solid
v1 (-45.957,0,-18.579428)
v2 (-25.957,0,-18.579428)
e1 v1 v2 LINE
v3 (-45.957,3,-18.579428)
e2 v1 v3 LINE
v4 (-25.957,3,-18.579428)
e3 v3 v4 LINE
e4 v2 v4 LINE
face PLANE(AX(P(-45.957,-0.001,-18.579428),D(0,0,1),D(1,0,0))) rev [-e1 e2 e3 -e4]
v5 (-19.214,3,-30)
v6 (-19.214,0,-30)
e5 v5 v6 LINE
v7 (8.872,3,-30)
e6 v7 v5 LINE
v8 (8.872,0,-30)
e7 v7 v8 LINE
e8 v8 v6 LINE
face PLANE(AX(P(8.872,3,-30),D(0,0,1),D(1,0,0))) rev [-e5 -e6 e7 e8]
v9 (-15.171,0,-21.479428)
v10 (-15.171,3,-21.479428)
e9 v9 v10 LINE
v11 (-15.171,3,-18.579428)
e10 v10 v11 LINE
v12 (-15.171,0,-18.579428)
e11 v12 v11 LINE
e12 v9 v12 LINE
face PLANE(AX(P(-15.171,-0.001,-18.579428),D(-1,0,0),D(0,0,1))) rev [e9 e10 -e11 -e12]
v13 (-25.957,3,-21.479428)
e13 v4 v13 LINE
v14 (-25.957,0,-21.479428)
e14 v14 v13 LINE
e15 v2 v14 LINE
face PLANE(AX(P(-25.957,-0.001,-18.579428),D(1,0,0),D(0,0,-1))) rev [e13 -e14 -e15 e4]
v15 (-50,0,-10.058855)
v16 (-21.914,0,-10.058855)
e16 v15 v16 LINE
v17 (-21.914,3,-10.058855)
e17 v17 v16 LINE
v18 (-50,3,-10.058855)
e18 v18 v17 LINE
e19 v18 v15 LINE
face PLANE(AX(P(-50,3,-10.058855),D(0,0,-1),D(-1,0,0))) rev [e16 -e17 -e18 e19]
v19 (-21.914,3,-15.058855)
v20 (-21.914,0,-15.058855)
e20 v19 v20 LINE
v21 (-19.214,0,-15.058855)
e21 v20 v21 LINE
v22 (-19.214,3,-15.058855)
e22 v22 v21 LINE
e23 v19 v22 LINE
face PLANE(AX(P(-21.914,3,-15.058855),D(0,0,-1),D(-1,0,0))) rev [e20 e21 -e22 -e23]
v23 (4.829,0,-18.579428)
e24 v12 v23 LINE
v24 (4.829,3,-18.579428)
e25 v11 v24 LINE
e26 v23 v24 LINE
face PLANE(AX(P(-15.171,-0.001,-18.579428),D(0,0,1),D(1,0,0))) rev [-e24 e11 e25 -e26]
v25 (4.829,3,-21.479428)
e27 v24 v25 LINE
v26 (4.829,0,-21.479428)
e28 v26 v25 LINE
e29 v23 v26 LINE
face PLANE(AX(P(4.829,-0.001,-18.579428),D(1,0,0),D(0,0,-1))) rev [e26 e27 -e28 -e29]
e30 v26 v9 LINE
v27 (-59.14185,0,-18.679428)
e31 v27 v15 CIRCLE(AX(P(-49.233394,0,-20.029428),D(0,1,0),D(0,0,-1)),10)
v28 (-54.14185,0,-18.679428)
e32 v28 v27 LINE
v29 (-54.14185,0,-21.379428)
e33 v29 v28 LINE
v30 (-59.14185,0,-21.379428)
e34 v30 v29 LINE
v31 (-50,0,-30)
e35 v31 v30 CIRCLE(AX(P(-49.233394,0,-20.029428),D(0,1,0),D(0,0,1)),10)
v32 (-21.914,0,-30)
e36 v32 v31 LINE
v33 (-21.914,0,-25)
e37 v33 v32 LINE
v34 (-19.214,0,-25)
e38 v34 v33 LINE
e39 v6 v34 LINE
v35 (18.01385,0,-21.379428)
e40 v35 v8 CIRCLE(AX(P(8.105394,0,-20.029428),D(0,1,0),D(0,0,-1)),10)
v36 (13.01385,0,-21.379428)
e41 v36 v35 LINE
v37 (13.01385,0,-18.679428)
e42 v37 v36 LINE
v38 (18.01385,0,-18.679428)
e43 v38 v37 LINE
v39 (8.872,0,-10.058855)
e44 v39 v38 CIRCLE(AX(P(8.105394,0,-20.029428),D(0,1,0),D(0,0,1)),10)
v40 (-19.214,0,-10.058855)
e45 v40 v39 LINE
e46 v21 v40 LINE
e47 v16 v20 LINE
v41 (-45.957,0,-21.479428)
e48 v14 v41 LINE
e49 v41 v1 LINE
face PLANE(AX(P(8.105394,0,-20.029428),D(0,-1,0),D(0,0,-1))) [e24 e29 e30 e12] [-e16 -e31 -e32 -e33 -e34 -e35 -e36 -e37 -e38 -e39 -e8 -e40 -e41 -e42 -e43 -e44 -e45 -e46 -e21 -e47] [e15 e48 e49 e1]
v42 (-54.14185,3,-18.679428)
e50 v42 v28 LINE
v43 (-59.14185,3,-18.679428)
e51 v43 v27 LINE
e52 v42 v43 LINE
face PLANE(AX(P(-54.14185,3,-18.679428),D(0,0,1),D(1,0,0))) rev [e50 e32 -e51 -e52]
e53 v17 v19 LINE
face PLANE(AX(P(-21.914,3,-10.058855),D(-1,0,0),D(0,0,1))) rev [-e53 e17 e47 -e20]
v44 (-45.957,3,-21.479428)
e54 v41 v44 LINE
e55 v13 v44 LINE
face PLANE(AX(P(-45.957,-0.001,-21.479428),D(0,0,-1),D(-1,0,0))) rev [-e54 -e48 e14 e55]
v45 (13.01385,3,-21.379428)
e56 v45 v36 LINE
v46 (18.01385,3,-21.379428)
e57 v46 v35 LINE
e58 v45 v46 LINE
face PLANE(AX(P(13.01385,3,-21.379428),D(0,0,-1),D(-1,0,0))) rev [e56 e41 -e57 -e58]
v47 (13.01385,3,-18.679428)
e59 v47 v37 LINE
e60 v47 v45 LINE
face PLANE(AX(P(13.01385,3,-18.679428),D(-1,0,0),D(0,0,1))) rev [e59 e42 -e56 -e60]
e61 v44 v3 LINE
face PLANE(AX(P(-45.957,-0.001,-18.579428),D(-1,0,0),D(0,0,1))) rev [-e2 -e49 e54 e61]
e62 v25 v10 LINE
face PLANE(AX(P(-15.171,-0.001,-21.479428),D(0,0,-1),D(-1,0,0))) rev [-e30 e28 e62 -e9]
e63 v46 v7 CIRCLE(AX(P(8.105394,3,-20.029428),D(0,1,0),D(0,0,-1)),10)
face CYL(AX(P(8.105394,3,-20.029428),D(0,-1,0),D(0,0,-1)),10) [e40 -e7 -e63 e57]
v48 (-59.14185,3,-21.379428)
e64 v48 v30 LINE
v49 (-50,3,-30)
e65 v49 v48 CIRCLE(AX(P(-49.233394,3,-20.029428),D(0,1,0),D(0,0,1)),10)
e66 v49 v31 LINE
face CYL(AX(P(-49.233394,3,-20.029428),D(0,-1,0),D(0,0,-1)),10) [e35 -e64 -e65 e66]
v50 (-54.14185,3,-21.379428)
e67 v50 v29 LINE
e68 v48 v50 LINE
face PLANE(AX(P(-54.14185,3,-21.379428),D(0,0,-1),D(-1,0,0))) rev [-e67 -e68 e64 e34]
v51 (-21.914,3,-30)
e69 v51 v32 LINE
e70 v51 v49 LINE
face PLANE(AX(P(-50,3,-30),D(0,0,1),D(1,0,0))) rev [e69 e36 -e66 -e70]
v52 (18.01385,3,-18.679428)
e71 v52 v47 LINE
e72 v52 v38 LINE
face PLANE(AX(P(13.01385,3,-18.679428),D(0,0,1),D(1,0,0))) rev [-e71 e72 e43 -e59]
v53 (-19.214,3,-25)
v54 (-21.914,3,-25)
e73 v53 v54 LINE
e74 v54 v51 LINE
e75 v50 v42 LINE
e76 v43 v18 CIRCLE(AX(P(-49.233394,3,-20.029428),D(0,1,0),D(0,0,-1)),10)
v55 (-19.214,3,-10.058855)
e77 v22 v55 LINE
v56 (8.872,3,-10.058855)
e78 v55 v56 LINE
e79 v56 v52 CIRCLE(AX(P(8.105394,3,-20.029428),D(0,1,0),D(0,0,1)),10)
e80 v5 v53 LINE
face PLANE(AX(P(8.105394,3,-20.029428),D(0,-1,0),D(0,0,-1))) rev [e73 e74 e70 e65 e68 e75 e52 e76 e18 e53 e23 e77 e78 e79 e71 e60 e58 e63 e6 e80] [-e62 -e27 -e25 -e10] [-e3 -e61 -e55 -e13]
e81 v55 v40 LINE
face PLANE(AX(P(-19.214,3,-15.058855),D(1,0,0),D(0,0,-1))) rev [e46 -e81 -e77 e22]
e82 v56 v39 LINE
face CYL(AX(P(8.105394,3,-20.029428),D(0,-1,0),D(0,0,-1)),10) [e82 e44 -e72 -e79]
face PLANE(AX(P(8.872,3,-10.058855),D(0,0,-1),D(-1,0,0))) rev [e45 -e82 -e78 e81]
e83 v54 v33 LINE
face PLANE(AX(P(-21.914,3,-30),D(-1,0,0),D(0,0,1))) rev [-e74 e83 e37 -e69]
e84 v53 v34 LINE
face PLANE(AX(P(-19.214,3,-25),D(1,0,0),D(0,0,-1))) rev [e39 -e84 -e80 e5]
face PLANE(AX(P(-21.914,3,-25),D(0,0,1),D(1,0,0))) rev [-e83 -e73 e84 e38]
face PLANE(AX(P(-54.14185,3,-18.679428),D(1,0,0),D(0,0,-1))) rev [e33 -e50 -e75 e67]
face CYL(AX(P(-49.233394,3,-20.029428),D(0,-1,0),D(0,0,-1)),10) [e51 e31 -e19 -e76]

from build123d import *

# Parameters (mm, degrees)
BOSS_EXTRUDE1_DEPTH = 3
CUT_EXTRUDE1_REACH  = 5
SKETCH2_W           = 20
SKETCH2_H           = 2.9


with BuildPart() as part:
    # Sketch1 → Boss-Extrude1 (new body)
    with BuildSketch(Plane(origin=(0, 0, 0), x_dir=(1, 0, 0), z_dir=(0, 1, 0))):
        with BuildLine():
            Line((-50, 30), (-21.914, 30))
            Line((-21.914, 30), (-21.914, 25))
            Line((-21.914, 25), (-19.214, 25))
            Line((-19.214, 25), (-19.214, 30))
            Line((-19.214, 30), (8.872, 30))
            ThreePointArc((8.872, 30), (14.965992065, 27.304879145), (18.013850136, 21.379427525))
            Line((18.013850136, 21.379427525), (13.013850136, 21.379427525))
            Line((13.013850136, 21.379427525), (13.013850136, 18.679427525))
            Line((13.013850136, 18.679427525), (18.013850136, 18.679427525))
            ThreePointArc((18.013850136, 18.679427525), (14.965992065, 12.753975906), (8.872, 10.058855051))
            Line((8.872, 10.058855051), (-19.214, 10.058855051))
            Line((-19.214, 10.058855051), (-19.214, 15.058855051))
            Line((-19.214, 15.058855051), (-21.914, 15.058855051))
            Line((-21.914, 15.058855051), (-21.914, 10.058855051))
            Line((-21.914, 10.058855051), (-50, 10.058855051))
            ThreePointArc((-50, 10.058855051), (-56.093992065, 12.753975906), (-59.141850136, 18.679427525))
            Line((-59.141850136, 18.679427525), (-54.141850136, 18.679427525))
            Line((-54.141850136, 18.679427525), (-54.141850136, 21.379427525))
            Line((-54.141850136, 21.379427525), (-59.141850136, 21.379427525))
            ThreePointArc((-59.141850136, 21.379427525), (-56.093992065, 27.304879145), (-50, 30))
        make_face()
    extrude(amount=BOSS_EXTRUDE1_DEPTH)

    # Sketch2 → Cut-Extrude1 (cut, up to next)
    with BuildSketch(Plane(origin=(0, 3, 0), x_dir=(1, 0, 0), z_dir=(0, 1, 0)), mode=Mode.PRIVATE) as cut_extrude1_sk1:
        with Locations((-35.957, 20.029427525)):
            Rectangle(SKETCH2_W, SKETCH2_H)
    cut_extrude1_tool1 = extrude(cut_extrude1_sk1.sketch, amount=-CUT_EXTRUDE1_REACH, mode=Mode.PRIVATE) & part.part
    add(cut_extrude1_tool1.solids().sort_by_distance((-35.957, 3, -20.029428))[0], mode=Mode.SUBTRACT)
    # Sketch2 → Cut-Extrude1 (cut, up to next)
    with BuildSketch(Plane(origin=(0, 3, 0), x_dir=(1, 0, 0), z_dir=(0, 1, 0)), mode=Mode.PRIVATE) as cut_extrude1_sk2:
        with Locations((-5.171, 20.029427525)):
            Rectangle(SKETCH2_W, SKETCH2_H)
    cut_extrude1_tool2 = extrude(cut_extrude1_sk2.sketch, amount=-CUT_EXTRUDE1_REACH, mode=Mode.PRIVATE) & part.part
    add(cut_extrude1_tool2.solids().sort_by_distance((-5.171, 3, -20.029428))[0], mode=Mode.SUBTRACT)


solid = part.part
